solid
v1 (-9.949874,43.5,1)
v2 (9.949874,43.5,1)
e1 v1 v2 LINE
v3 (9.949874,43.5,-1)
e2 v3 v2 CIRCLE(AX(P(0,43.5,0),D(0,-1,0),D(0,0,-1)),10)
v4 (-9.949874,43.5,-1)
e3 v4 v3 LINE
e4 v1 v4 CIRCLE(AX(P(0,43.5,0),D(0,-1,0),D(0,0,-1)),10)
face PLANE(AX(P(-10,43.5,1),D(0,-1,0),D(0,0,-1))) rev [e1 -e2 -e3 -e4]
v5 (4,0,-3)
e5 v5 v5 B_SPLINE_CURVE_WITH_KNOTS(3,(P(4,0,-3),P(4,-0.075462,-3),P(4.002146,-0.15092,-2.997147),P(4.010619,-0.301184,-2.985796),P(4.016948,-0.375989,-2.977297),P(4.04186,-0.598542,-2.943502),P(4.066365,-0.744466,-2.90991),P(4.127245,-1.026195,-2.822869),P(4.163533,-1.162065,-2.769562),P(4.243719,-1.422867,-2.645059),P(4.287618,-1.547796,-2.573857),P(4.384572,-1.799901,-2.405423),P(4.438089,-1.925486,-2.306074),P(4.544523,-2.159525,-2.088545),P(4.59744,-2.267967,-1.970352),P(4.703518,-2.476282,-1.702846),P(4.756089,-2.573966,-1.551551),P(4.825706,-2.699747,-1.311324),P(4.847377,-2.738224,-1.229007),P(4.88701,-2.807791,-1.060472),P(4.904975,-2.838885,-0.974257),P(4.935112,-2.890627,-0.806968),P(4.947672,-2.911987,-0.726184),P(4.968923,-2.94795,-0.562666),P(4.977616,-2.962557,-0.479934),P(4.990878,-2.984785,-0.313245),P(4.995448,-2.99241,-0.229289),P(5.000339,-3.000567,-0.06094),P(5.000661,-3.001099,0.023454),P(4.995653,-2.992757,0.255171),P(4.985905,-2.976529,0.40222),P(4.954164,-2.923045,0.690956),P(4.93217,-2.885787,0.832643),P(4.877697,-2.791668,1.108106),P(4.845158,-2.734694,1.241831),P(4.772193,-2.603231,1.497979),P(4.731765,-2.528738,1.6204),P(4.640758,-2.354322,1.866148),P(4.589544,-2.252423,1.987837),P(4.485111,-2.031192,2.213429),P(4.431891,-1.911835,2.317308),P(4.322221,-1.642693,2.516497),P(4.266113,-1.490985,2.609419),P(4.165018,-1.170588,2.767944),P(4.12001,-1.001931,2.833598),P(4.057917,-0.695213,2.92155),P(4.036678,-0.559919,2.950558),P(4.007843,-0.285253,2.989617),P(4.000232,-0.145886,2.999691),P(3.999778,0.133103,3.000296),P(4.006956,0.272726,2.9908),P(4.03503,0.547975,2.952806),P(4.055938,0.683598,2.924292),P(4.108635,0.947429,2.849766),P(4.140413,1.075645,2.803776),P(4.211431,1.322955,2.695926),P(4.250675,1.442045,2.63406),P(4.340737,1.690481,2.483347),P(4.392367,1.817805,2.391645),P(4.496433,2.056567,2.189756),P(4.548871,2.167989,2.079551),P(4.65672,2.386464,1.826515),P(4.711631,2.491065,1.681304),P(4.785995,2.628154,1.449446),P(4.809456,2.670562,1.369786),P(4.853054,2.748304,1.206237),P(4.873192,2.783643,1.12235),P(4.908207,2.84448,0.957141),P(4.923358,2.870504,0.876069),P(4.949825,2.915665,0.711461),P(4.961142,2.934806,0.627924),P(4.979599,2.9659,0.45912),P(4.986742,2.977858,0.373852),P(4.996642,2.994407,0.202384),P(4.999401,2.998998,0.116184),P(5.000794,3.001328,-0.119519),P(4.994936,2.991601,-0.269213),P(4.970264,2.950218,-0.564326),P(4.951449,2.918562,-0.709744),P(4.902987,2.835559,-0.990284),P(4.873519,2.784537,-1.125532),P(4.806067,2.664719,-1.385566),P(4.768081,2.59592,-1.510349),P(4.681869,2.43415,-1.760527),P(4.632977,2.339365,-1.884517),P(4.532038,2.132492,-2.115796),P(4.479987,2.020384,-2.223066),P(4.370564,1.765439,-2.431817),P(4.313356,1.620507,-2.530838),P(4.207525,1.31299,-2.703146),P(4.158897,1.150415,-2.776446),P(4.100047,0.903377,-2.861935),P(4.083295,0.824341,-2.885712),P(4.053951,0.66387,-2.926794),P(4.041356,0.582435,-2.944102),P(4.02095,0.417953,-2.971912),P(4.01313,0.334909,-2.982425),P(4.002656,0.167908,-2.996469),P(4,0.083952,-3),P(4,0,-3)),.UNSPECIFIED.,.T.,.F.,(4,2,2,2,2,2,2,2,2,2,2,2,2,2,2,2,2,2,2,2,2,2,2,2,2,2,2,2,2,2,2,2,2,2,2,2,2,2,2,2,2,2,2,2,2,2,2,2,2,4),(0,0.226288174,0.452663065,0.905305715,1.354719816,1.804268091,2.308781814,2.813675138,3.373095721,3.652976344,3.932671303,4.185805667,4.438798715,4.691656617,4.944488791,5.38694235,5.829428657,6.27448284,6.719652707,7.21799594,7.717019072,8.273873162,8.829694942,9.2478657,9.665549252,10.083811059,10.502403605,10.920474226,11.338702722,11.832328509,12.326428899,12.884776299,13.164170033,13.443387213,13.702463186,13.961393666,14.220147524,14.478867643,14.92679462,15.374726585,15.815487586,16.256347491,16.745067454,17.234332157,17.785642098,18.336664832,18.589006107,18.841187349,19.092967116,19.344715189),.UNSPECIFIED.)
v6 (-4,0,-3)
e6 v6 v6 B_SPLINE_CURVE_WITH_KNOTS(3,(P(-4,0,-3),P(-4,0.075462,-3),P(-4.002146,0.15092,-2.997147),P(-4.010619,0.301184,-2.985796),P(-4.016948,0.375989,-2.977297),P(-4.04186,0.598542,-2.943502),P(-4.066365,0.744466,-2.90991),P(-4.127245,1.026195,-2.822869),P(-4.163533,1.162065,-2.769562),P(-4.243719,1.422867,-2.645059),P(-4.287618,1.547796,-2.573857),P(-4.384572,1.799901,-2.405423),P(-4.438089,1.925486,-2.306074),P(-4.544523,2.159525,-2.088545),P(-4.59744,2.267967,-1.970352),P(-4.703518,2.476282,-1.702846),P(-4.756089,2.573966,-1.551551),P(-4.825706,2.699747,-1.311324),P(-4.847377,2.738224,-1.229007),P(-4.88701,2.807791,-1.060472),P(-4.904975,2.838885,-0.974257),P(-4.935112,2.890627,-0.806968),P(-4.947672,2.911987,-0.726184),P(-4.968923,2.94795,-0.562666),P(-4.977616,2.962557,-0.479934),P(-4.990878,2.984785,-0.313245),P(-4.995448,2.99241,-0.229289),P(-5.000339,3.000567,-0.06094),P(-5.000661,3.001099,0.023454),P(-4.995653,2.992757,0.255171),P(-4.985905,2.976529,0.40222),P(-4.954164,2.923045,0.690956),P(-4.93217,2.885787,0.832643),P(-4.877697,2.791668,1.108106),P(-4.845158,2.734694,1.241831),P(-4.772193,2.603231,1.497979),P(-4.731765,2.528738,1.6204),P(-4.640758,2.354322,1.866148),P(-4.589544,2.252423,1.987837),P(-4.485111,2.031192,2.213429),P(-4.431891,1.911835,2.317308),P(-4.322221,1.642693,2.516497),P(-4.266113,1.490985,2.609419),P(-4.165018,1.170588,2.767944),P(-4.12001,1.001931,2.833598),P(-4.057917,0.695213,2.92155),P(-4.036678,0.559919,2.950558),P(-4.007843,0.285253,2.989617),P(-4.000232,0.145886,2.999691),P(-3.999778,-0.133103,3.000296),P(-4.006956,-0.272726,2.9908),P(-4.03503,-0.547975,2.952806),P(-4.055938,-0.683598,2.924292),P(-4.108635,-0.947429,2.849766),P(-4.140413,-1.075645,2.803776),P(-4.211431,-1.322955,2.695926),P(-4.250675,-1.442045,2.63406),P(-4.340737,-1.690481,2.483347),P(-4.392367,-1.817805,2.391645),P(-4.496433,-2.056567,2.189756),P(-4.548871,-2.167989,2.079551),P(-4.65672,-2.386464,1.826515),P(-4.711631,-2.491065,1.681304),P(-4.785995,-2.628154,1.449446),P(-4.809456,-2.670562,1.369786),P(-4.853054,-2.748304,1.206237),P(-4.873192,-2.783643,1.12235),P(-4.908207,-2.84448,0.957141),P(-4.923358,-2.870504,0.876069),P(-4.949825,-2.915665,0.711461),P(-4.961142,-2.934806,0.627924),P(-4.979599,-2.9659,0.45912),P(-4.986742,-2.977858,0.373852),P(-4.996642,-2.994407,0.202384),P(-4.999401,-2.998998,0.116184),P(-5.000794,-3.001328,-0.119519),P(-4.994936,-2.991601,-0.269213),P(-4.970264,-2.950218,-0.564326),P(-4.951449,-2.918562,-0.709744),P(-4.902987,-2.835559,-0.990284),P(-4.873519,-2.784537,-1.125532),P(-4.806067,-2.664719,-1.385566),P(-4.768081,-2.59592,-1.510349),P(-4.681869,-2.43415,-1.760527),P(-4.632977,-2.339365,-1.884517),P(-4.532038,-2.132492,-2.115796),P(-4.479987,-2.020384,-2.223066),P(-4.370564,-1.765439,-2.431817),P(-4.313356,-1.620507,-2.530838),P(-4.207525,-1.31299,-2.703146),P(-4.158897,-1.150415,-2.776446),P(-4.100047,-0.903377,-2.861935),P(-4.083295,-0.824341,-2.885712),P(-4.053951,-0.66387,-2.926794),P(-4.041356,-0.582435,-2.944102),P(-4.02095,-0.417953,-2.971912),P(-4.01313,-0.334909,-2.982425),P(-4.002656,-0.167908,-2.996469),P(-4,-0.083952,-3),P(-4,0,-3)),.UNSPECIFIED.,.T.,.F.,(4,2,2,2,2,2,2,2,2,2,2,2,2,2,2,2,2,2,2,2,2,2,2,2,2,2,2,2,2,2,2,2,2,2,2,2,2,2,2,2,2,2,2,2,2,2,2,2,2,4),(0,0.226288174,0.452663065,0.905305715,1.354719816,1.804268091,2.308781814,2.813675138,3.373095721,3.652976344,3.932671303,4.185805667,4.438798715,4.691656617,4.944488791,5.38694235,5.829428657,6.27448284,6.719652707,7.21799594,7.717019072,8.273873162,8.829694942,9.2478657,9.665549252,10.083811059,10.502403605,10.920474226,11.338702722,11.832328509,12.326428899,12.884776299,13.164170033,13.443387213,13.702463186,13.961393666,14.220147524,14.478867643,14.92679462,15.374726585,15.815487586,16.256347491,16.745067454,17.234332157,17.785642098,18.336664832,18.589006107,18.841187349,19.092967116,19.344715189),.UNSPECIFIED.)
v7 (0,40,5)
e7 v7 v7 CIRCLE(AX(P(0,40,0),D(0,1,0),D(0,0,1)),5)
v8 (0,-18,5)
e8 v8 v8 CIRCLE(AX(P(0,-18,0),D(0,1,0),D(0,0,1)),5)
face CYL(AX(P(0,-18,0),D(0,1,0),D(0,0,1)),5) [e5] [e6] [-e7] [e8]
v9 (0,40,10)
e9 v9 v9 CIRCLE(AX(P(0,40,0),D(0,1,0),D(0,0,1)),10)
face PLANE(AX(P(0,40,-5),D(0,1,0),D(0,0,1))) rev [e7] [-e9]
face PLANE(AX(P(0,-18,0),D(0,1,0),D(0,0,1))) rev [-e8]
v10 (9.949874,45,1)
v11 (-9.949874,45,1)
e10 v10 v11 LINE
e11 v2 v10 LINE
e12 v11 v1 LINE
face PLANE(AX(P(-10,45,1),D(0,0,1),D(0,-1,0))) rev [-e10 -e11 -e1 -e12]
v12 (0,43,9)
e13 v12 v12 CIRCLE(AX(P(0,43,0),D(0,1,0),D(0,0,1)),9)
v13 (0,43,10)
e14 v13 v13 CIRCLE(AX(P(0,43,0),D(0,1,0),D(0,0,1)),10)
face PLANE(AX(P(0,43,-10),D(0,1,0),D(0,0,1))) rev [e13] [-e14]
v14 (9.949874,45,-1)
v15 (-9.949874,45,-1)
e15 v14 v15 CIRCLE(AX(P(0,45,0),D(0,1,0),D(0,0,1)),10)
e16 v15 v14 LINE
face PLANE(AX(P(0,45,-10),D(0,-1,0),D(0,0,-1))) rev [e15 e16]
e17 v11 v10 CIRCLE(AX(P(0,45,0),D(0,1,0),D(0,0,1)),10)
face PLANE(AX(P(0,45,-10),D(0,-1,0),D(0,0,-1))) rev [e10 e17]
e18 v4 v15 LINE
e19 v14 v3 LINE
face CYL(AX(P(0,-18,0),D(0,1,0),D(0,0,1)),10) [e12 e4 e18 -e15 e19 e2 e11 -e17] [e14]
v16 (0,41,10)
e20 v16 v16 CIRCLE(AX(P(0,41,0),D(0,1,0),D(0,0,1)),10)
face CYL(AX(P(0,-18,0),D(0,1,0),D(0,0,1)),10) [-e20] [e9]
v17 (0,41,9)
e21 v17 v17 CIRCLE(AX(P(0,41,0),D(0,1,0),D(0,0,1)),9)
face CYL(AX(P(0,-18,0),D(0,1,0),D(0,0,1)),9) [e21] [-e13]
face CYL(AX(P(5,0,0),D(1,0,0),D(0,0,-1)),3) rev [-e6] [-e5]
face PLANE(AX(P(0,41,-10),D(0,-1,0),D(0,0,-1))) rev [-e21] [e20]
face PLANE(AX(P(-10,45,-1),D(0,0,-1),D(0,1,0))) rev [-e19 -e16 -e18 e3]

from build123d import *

# Parameters (mm, degrees)
SKIZZE5_W                            = 2
SKIZZE5_H                            = 1.5
SCHNITT_LINEAR_AUSTRAGEN1_DEPTH      = 11
SCHNITT_LINEAR_AUSTRAGEN1_DEPTH_BACK = 11
F_6_0_6_DURCHMESSER_BOHRUNG1_D       = 6


with BuildPart() as part:
    # Skizze1 → Rotation1 (revolve)
    with BuildSketch(Plane(origin=(0, 0, 0), x_dir=(0, 0, -1), z_dir=(1, 0, 0)), mode=Mode.PRIVATE) as rotation1_sk:
        Polygon((10, 43), (10, 45), (0, 45), (0, -18), (5, -18), (5, 40), (10, 40), (10, 41), (9, 41), (9, 43), align=None)
    revolve(rotation1_sk.sketch.rotate(Axis((0, -18, 0), (0, -1, 0)), 180), axis=Axis((0, -18, 0), (0, -1, 0)))  # turned: the seam where the file's is

    # Skizze5 → Schnitt-Linear austragen1 (cut, two sides)
    with BuildSketch(Plane(origin=(0, 0, 0), x_dir=(0, 0, -1), z_dir=(1, 0, 0))) as schnitt_linear_austragen1_sk:
        with Locations((0, 44.25)):
            Rectangle(SKIZZE5_W, SKIZZE5_H)
    extrude(amount=SCHNITT_LINEAR_AUSTRAGEN1_DEPTH, mode=Mode.SUBTRACT)
    extrude(schnitt_linear_austragen1_sk.sketch, amount=-SCHNITT_LINEAR_AUSTRAGEN1_DEPTH_BACK, mode=Mode.SUBTRACT)

    # Ø6.0 (6) Durchmesser Bohrung1 (through all)
    with Locations(Plane(origin=(5, 0, 0), x_dir=(0, 0, 1), z_dir=(1, 0, 0))):
        with Locations((0, 0)):
            Hole(F_6_0_6_DURCHMESSER_BOHRUNG1_D / 2)


solid = part.part
